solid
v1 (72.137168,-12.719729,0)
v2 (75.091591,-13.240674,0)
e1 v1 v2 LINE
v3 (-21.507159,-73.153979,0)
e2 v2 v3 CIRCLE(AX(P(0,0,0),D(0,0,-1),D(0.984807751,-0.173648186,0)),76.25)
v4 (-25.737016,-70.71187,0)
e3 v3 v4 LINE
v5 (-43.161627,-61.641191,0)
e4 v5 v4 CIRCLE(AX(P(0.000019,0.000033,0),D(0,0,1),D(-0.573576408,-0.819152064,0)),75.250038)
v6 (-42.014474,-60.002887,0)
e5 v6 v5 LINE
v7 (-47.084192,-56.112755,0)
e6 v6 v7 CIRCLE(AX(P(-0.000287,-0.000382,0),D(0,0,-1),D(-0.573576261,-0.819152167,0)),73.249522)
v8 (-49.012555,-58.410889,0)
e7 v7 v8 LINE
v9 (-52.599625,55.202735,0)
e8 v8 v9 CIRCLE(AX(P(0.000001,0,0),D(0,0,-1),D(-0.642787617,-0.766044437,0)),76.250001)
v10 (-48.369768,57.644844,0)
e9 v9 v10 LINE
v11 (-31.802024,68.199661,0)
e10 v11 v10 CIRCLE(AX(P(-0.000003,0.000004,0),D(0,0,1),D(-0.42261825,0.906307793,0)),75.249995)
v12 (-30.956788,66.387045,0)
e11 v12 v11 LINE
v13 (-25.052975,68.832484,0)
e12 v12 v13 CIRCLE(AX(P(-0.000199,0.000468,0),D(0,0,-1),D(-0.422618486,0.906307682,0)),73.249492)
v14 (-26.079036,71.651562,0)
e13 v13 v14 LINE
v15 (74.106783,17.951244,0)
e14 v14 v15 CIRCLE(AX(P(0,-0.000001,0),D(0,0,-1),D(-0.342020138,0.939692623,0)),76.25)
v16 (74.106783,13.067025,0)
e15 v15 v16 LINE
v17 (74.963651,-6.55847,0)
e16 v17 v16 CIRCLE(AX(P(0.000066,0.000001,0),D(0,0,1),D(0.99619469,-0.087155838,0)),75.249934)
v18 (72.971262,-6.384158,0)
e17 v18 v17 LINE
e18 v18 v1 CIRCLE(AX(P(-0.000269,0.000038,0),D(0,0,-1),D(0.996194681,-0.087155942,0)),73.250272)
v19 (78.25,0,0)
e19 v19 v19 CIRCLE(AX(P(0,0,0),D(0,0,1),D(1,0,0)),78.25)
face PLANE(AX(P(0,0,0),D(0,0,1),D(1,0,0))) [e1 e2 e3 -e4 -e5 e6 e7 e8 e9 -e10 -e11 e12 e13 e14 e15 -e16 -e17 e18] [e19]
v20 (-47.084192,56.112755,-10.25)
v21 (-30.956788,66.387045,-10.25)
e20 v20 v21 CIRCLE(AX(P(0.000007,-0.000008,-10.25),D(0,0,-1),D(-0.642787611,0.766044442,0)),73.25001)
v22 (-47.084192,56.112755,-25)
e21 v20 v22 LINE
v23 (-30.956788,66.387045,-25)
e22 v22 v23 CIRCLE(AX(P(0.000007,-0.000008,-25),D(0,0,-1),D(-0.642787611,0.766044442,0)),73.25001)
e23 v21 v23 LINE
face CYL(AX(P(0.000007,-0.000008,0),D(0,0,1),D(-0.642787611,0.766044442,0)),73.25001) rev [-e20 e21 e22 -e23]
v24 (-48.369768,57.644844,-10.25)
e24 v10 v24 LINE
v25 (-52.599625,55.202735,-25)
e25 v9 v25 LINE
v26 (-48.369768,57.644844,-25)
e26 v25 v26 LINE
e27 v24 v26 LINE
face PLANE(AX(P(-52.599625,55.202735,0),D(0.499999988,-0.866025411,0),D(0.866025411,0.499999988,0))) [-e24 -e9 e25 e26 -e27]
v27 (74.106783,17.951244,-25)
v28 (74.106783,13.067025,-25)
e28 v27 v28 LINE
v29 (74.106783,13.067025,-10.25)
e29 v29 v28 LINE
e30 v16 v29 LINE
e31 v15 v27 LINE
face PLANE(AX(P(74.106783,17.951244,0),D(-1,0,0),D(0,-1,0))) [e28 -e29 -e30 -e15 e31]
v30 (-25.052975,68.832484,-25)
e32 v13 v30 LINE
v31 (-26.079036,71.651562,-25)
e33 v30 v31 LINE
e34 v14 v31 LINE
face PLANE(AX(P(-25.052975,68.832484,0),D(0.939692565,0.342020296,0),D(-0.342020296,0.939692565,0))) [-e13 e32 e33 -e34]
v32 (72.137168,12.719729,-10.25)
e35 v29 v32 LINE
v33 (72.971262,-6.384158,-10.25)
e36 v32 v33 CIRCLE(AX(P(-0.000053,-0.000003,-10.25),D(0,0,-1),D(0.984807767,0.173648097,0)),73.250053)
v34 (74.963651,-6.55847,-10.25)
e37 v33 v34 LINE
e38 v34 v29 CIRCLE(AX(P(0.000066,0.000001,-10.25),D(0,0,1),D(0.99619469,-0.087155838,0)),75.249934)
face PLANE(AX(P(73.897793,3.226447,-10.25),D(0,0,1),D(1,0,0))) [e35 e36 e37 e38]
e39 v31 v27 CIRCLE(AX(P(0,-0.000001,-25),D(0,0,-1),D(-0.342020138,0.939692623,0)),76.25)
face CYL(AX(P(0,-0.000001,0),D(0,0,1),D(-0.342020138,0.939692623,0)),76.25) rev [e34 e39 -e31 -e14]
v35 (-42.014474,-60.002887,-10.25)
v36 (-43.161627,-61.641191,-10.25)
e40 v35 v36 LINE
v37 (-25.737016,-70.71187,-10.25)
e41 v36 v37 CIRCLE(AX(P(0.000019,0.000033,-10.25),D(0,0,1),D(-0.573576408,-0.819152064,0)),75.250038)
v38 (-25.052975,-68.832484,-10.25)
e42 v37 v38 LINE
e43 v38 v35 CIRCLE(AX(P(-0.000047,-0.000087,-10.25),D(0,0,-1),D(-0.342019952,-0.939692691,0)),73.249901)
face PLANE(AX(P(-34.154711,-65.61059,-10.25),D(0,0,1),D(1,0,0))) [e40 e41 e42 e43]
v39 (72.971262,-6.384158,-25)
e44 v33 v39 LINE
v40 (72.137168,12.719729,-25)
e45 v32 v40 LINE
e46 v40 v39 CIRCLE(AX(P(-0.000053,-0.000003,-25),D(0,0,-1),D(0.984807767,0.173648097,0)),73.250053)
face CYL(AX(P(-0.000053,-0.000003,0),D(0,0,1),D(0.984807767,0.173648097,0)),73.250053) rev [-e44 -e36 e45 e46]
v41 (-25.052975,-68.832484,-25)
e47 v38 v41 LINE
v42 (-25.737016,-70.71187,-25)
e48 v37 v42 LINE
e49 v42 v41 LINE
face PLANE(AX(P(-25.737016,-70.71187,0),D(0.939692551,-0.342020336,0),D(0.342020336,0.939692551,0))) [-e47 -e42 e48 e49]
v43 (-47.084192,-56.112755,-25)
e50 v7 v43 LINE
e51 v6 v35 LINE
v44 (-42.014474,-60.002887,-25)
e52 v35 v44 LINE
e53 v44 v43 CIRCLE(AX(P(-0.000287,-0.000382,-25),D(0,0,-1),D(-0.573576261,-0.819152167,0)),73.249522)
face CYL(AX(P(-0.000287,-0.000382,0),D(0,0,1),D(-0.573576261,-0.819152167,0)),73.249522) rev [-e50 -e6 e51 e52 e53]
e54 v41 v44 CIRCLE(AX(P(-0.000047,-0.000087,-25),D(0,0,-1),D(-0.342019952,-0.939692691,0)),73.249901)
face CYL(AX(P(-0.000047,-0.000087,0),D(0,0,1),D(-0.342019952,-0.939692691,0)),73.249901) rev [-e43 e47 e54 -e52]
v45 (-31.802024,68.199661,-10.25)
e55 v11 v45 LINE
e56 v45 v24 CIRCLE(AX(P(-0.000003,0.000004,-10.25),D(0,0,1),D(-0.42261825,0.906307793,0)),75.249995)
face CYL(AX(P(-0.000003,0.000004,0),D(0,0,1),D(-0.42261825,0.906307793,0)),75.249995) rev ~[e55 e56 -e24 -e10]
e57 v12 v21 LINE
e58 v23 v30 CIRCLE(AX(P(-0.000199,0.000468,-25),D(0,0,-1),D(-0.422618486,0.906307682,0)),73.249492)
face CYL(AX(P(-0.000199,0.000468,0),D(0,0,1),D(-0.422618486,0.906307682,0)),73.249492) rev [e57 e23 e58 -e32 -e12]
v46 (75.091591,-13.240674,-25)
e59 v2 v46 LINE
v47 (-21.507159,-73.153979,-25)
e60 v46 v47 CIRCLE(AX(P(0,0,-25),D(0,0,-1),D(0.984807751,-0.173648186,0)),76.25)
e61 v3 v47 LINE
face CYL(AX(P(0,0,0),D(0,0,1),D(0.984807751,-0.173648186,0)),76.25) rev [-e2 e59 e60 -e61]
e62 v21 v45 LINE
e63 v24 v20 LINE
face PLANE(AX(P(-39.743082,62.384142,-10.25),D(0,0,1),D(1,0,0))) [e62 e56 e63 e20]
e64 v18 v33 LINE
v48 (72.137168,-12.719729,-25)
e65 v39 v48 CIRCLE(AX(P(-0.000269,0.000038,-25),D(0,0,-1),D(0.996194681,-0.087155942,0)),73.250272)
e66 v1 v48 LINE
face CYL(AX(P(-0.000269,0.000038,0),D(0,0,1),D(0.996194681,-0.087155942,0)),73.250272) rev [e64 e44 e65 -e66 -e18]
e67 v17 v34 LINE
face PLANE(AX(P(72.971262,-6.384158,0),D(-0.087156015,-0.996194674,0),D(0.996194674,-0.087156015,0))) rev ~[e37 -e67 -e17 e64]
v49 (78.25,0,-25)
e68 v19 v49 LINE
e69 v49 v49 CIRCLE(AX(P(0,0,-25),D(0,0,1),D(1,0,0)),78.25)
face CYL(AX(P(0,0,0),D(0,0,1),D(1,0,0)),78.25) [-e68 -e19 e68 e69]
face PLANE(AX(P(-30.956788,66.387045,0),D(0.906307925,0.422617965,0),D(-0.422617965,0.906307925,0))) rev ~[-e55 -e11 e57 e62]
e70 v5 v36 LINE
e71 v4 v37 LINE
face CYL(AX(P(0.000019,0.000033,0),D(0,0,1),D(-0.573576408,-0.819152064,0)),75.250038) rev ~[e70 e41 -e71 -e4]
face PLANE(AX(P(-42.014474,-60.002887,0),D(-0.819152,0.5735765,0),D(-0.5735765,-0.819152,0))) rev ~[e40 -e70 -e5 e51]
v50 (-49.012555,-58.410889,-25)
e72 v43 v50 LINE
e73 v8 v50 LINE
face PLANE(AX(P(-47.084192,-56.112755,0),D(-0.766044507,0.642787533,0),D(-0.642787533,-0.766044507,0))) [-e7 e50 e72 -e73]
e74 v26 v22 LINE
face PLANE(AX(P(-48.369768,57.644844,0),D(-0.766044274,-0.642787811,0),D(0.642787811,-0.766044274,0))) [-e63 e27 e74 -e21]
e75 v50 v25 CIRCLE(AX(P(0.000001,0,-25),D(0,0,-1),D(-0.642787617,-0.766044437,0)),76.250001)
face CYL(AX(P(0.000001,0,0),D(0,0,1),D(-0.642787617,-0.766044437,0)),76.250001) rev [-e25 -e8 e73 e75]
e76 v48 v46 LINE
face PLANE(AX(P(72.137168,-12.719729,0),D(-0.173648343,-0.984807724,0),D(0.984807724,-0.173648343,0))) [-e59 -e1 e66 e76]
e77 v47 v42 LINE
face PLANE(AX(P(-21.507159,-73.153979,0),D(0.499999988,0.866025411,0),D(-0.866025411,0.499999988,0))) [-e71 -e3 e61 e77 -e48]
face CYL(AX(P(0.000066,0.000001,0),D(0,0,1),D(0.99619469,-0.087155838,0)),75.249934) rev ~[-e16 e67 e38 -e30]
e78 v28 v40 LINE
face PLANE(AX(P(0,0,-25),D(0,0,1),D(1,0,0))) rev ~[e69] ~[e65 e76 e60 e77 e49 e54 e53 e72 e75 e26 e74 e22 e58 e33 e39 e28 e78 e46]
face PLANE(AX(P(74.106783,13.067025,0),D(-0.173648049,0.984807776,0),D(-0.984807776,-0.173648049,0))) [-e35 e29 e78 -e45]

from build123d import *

# Parameters (mm, degrees)
F0_R     = 78.25
F1_DEPTH = 25
F2_DEPTH = 10.25


with BuildPart() as f1:
    # F0 (on Top) → F1 (new body)
    with BuildSketch(Plane.XY):
        Circle(F0_R)
        with BuildLine():
            ThreePointArc((-48.369768, 57.644844), (-40.431796, 63.465206), (-31.802024, 68.199661))
            Line((-31.802024, 68.199661), (-30.956788, 66.387045))
            ThreePointArc((-30.956788, 66.387045), (-28.031561, 67.674176), (-25.052975, 68.832484))
            Line((-25.052975, 68.832484), (-26.079036, 71.651562))
            ThreePointArc((-26.079036, 71.651562), (36.022176, 67.204652), (74.106783, 17.951244))
            Line((74.106783, 17.951244), (74.106783, 13.067025))
            ThreePointArc((74.106783, 13.067025), (75.178379, 3.282359), (74.963651, -6.55847))
            Line((74.963651, -6.55847), (72.971262, -6.384158))
            ThreePointArc((72.971262, -6.384158), (72.623336, -9.561044), (72.137168, -12.719729))
            Line((72.137168, -12.719729), (75.091591, -13.240674))
            ThreePointArc((75.091591, -13.240674), (40.189848, -64.798446), (-21.507159, -73.153979))
            Line((-21.507159, -73.153979), (-25.737016, -70.71187))
            ThreePointArc((-25.737016, -70.71187), (-34.746583, -66.747565), (-43.161627, -61.641191))
            Line((-43.161627, -61.641191), (-42.014474, -60.002887))
            ThreePointArc((-42.014474, -60.002887), (-44.591775, -58.113132), (-47.084192, -56.112755))
            Line((-47.084192, -56.112755), (-49.012555, -58.410889))
            ThreePointArc((-49.012555, -58.410889), (-76.212024, -2.406206), (-52.599625, 55.202735))
            Line((-52.599625, 55.202735), (-48.369768, 57.644844))
        make_face(mode=Mode.SUBTRACT)
        with BuildLine():
            ThreePointArc((74.963651, -6.55847), (75.178379, 3.282359), (74.106783, 13.067025))
            Line((74.106783, 13.067025), (72.137168, 12.719729))
            ThreePointArc((72.137168, 12.719729), (73.180282, 3.19512), (72.971262, -6.384158))
            Line((72.971262, -6.384158), (74.963651, -6.55847))
        make_face()
        with BuildLine():
            ThreePointArc((-25.052975, -68.832484), (-33.823086, -64.973544), (-42.014474, -60.002887))
            Line((-42.014474, -60.002887), (-43.161627, -61.641191))
            ThreePointArc((-43.161627, -61.641191), (-34.746583, -66.747565), (-25.737016, -70.71187))
            Line((-25.737016, -70.71187), (-25.052975, -68.832484))
        make_face()
        with BuildLine():
            Line((-30.956788, 66.387045), (-31.802024, 68.199661))
            ThreePointArc((-31.802024, 68.199661), (-40.431796, 63.465206), (-48.369768, 57.644844))
            Line((-48.369768, 57.644844), (-47.084192, 56.112755))
            ThreePointArc((-47.084192, 56.112755), (-39.357196, 61.778423), (-30.956788, 66.387045))
        make_face()
    extrude(amount=-F1_DEPTH)

    # F0 (on Top) → F2 (cut)
    with BuildSketch(Plane.XY):
        with BuildLine():
            ThreePointArc((74.963651, -6.55847), (75.178379, 3.282359), (74.106783, 13.067025))
            Line((74.106783, 13.067025), (72.137168, 12.719729))
            ThreePointArc((72.137168, 12.719729), (73.180282, 3.19512), (72.971262, -6.384158))
            Line((72.971262, -6.384158), (74.963651, -6.55847))
        make_face()
        with BuildLine():
            Line((-30.956788, 66.387045), (-31.802024, 68.199661))
            ThreePointArc((-31.802024, 68.199661), (-40.431796, 63.465206), (-48.369768, 57.644844))
            Line((-48.369768, 57.644844), (-47.084192, 56.112755))
            ThreePointArc((-47.084192, 56.112755), (-39.357196, 61.778423), (-30.956788, 66.387045))
        make_face()
        with BuildLine():
            ThreePointArc((-25.052975, -68.832484), (-33.823086, -64.973544), (-42.014474, -60.002887))
            Line((-42.014474, -60.002887), (-43.161627, -61.641191))
            ThreePointArc((-43.161627, -61.641191), (-34.746583, -66.747565), (-25.737016, -70.71187))
            Line((-25.737016, -70.71187), (-25.052975, -68.832484))
        make_face()
    extrude(amount=-F2_DEPTH, mode=Mode.SUBTRACT)


solid = f1.part
